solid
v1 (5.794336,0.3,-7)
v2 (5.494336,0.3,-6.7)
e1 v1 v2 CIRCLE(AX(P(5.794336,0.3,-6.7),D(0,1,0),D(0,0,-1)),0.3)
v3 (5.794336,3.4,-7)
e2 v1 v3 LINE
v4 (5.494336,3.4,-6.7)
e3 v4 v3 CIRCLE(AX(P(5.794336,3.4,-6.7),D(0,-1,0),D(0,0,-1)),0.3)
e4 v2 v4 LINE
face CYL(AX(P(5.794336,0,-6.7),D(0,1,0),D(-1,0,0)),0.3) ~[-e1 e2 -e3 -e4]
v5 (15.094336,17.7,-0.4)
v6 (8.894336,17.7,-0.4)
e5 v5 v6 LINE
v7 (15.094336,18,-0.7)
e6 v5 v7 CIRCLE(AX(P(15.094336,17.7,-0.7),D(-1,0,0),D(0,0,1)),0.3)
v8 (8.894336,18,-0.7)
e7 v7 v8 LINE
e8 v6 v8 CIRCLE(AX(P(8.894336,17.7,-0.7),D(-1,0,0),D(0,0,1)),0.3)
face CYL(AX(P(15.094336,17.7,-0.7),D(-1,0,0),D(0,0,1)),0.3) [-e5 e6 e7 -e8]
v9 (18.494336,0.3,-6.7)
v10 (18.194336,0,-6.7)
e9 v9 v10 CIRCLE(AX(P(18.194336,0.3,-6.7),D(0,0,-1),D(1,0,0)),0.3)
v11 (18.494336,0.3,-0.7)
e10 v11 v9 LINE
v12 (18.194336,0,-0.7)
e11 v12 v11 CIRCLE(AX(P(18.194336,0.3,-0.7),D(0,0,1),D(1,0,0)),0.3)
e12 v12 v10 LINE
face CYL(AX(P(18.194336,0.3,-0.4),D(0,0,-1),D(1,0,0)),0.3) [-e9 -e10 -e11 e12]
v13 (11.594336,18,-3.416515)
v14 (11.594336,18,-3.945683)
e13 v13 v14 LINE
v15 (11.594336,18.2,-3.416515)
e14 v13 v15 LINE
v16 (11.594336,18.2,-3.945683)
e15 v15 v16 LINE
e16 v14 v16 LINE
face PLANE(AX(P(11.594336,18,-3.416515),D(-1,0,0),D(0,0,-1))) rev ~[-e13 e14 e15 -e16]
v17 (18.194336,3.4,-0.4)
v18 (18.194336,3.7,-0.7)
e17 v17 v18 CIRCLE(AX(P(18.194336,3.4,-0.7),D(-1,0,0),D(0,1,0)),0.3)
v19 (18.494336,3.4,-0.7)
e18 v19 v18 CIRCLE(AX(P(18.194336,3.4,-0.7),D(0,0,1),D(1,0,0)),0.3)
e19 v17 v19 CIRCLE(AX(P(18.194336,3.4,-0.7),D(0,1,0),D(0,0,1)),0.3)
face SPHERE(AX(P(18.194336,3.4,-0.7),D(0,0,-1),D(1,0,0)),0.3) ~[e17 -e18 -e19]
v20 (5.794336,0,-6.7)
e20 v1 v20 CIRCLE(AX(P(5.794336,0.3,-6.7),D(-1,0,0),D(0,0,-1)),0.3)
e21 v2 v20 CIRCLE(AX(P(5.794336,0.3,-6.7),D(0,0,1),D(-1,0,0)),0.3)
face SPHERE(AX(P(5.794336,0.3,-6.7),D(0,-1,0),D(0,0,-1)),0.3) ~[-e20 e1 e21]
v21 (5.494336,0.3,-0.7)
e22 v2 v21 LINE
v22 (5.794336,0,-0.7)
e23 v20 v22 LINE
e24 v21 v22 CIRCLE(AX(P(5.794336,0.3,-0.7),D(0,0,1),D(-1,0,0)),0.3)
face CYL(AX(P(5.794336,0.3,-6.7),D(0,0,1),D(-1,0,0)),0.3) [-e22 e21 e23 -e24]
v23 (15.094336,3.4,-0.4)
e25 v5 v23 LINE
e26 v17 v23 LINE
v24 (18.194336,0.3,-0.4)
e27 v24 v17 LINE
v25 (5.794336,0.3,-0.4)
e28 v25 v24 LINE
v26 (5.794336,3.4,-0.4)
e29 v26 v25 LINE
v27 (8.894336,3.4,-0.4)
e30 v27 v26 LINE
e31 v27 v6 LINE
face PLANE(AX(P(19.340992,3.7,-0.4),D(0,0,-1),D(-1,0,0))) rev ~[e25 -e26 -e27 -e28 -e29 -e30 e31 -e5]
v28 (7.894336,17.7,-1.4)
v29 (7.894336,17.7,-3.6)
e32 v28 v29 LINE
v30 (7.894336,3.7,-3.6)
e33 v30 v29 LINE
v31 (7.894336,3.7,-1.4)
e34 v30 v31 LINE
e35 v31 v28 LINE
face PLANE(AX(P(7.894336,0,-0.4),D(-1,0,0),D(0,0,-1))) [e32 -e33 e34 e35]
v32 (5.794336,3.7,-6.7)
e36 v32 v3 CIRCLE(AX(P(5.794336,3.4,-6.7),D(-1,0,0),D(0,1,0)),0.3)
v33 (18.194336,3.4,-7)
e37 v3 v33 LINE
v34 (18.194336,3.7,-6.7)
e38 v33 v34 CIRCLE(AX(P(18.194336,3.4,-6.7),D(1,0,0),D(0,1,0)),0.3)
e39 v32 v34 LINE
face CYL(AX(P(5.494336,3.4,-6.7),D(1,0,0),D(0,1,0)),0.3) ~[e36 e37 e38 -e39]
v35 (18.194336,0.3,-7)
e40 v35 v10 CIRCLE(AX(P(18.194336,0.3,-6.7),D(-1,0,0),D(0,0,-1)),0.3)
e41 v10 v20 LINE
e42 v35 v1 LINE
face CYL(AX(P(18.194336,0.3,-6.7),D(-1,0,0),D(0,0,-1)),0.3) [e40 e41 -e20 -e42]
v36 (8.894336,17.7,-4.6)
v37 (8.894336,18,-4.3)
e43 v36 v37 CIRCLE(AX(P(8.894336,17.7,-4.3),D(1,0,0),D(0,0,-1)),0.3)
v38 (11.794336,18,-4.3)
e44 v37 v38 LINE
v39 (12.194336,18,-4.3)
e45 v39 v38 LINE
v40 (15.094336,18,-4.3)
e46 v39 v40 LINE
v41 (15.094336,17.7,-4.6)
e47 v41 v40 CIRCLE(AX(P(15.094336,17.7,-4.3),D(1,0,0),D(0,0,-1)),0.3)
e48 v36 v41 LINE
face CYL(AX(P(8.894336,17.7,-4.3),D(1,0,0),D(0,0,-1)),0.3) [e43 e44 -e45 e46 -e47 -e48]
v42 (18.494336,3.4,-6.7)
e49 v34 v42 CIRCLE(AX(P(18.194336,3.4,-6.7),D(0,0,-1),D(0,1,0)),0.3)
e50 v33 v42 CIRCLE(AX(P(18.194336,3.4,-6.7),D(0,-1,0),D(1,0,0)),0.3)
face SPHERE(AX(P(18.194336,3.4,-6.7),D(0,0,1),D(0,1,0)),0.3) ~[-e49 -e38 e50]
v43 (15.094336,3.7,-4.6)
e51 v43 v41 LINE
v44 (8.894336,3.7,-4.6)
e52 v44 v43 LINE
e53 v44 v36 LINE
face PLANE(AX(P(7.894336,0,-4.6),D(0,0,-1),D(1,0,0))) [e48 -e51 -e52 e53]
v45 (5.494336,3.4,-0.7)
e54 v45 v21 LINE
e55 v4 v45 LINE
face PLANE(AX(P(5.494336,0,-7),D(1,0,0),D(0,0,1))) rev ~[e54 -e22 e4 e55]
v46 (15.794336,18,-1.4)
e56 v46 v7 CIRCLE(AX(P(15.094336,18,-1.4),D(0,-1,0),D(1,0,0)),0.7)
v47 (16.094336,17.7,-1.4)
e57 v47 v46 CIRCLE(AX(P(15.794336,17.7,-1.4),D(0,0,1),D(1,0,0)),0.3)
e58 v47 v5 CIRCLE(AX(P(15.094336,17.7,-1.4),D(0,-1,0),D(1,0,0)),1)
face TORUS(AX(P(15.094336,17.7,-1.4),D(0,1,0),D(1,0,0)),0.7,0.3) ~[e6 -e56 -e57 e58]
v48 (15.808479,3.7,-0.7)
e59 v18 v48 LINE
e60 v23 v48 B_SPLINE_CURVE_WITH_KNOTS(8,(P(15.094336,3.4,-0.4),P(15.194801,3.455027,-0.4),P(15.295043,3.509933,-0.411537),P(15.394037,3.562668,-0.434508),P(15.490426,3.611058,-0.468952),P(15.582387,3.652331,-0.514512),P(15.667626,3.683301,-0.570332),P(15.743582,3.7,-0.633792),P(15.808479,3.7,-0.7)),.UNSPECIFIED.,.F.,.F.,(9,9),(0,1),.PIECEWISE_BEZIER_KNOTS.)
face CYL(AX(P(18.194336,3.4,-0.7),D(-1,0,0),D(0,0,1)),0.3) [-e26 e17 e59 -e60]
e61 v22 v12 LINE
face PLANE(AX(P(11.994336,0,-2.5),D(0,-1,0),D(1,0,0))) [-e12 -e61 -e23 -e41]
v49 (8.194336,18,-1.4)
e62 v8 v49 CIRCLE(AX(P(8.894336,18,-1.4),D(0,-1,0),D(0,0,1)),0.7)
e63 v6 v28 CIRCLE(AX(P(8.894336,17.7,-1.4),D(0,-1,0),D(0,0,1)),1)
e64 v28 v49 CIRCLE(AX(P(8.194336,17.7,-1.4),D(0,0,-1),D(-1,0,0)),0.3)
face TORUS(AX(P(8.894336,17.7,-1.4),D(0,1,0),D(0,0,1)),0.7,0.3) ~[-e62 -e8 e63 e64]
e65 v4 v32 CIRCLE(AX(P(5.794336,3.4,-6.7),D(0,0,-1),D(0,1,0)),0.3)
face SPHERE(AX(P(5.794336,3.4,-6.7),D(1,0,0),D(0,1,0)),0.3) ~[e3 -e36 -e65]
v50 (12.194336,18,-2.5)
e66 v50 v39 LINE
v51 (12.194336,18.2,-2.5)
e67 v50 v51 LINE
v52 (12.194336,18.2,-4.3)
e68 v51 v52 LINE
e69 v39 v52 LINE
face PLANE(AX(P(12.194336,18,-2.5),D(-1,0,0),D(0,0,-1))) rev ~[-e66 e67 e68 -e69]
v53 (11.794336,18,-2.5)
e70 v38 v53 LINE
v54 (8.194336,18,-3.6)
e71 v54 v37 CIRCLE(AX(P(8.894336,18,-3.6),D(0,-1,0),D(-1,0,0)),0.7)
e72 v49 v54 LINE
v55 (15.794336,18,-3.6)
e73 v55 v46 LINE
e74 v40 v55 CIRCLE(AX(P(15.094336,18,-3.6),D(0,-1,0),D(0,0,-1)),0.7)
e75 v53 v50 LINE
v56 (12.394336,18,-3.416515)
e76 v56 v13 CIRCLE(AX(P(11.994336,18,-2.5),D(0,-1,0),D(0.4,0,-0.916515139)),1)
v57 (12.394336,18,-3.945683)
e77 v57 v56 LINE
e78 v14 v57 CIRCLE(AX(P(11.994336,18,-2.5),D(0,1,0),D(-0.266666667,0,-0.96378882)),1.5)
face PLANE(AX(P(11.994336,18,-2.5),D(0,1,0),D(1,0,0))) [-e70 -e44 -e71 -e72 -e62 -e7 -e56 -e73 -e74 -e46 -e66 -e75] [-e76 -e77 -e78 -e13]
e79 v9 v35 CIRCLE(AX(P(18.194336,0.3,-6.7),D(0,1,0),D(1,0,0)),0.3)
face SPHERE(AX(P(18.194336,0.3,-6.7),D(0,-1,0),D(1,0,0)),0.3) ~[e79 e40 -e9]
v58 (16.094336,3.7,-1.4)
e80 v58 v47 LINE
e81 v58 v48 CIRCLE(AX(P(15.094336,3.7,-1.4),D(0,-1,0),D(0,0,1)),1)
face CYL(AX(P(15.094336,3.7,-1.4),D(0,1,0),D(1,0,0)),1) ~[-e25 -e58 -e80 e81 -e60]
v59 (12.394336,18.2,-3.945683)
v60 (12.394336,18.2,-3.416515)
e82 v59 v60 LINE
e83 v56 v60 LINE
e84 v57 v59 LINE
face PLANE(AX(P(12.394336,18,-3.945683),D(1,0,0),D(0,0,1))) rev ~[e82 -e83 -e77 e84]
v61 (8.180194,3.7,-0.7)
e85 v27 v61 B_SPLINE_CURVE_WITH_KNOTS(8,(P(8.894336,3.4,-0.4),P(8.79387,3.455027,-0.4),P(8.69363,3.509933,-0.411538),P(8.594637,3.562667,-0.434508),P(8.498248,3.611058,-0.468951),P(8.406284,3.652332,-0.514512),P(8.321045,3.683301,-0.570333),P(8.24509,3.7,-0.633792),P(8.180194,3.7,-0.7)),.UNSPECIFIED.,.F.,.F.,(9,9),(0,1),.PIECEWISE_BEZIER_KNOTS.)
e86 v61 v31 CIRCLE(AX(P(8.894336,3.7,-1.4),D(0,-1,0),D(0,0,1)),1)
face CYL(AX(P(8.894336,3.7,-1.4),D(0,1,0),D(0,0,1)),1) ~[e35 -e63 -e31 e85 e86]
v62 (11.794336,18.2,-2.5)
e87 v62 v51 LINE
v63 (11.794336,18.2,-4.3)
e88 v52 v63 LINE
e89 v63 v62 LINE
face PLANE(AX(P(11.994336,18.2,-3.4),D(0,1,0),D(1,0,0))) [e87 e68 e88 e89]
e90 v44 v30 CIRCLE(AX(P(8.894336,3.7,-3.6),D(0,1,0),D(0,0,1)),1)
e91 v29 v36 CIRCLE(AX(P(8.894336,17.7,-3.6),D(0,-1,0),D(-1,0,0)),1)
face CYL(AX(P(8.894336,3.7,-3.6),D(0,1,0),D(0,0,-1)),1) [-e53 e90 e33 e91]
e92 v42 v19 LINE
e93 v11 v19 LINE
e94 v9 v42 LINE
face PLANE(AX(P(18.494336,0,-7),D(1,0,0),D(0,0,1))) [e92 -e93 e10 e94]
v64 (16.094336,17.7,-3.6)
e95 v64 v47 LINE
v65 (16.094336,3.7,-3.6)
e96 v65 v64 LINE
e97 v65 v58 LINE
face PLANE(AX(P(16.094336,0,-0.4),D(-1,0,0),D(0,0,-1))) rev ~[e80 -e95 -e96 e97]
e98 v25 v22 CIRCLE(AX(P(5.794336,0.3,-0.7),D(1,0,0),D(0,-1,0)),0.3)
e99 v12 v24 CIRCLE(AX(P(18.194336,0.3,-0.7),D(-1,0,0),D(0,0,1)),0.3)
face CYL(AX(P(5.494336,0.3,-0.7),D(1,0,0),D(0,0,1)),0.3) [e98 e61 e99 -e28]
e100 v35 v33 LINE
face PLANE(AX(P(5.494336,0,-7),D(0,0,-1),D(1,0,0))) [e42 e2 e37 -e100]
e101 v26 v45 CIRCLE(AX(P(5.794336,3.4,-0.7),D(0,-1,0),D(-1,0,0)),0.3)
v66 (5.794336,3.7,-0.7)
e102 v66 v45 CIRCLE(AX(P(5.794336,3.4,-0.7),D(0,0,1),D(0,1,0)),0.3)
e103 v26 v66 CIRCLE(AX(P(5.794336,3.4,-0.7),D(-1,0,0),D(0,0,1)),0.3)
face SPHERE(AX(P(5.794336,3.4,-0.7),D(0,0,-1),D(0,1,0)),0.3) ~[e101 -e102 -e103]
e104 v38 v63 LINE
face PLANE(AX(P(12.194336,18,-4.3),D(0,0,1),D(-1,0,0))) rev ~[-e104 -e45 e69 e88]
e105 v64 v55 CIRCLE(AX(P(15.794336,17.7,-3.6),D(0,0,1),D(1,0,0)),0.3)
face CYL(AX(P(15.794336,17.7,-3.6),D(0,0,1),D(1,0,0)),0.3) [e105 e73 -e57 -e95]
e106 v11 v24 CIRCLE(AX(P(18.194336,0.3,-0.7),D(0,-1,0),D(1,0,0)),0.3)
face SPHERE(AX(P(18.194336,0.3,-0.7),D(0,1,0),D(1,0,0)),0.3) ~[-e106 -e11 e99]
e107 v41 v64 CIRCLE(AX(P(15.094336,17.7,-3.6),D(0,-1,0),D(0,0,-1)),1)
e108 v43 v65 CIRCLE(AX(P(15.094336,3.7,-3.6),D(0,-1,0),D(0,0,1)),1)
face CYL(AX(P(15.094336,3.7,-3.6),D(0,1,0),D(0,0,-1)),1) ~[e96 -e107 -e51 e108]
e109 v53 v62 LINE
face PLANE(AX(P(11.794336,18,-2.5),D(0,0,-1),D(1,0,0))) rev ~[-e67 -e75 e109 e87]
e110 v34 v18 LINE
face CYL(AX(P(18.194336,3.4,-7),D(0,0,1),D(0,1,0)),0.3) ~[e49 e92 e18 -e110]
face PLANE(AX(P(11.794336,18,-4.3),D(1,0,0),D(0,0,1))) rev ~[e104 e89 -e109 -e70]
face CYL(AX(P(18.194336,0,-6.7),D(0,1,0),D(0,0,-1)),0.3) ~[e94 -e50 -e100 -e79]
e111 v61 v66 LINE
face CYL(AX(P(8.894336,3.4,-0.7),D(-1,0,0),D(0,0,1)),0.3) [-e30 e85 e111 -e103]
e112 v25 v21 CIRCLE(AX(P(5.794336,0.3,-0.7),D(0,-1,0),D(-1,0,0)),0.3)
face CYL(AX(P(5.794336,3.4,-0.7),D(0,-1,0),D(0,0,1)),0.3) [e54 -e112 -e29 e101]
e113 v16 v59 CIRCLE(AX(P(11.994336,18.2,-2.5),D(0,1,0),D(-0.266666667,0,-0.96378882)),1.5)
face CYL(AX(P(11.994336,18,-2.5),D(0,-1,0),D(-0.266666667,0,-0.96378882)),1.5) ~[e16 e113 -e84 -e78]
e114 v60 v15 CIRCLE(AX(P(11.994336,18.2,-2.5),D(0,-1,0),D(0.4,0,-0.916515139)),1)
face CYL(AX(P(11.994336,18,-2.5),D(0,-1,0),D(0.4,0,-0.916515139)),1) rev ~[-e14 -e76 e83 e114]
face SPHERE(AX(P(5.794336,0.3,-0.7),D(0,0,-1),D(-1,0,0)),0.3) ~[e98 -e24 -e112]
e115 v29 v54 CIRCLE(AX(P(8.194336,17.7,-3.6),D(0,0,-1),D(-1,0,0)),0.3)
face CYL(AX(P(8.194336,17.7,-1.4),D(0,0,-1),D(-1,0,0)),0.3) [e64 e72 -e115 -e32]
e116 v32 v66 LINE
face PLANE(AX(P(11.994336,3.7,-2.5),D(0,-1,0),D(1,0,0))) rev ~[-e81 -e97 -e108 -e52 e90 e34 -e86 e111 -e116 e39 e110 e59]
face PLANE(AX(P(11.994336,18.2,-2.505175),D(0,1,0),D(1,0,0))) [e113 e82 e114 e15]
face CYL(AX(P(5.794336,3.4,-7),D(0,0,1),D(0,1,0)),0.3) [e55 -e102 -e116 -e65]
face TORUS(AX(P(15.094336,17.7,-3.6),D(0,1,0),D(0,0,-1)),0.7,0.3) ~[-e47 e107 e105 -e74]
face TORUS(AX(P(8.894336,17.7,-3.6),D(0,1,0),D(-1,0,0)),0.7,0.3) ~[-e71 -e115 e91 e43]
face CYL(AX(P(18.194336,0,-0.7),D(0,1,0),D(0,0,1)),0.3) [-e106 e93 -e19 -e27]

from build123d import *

# Parameters (mm, degrees)
SKETCH_1_W          = 8.2
SKETCH_1_H          = 4.2
EXTRUDE_1_DEPTH     = 18
SKETCH_2_W          = 13
SKETCH_2_H          = 9
SKETCH_2_W_2        = 8.2
SKETCH_2_H_2        = 4.2
EXTRUDE_2_DEPTH     = 3.7
FILLET_1_R          = 1
FILLET_2_R          = 0.3
EXTRUDE_3_DEPTH     = 0.2
CUT_EXTRUDE_1_DEPTH = 10
FILLET_3_R          = 0.3


with BuildPart() as part:
    # 草图1 → 凸台-拉伸1 (new body)
    with BuildSketch(Plane(origin=(0, 0, 0), x_dir=(1, 0, 0), z_dir=(0, 1, 0))):
        with Locations((11.994336416, 2.5)):
            Rectangle(SKETCH_1_W, SKETCH_1_H)
    extrude(amount=EXTRUDE_1_DEPTH)

    # 草图2 → 凸台-拉伸2 (add)
    with BuildSketch(Plane.XZ):
        with Locations((11.994336416, -2.5)):
            Rectangle(SKETCH_2_W, SKETCH_2_H)
        with Locations((11.994336416, -2.5)):
            Rectangle(SKETCH_2_W_2, SKETCH_2_H_2, mode=Mode.SUBTRACT)
    extrude(amount=-EXTRUDE_2_DEPTH)

    # 圆角1
    fillet_1_edges = [part.edges().sort_by_distance(p)[0] for p in [
        (7.894336416, 10.85, -4.6),
        (16.094336416, 10.85, -4.6),
        (16.094336416, 10.85, -0.4),
        (7.894336416, 10.85, -0.4),
    ]]
    fillet(fillet_1_edges, radius=FILLET_1_R)

    # 圆角2
    fillet_2_edges = [part.edges().sort_by_distance(p)[0] for p in [
        (11.994336416, 3.7, 2),
        (5.494336416, 1.85, 2),
        (18.494336416, 3.7, -2.5),
        (18.494336416, 1.85, 2),
        (11.994336416, 3.7, -7),
        (18.494336416, 1.85, -7),
        (5.494336416, 3.7, -2.5),
        (5.494336416, 1.85, -7),
        (11.994336416, 18, -4.6),
        (16.094336416, 18, -2.5),
        (7.894336416, 18, -2.5),
        (11.994336416, 18, -0.4),
        (8.187229635, 18, -0.692893219),
        (8.187229635, 18, -4.307106781),
        (15.801443197, 18, -0.692893219),
        (15.801443197, 18, -4.307106781),
    ]]
    fillet(fillet_2_edges, radius=FILLET_2_R)

    # 草图3 → 凸台-拉伸3 (add)
    with BuildSketch(Plane(origin=(0, 18, 0), x_dir=(1, 0, 0), z_dir=(0, 1, 0))):
        Polygon((11.994336416, 2.5), (12.194336416, 2.5), (12.194336416, 4.3), (11.794336416, 4.3), (11.794336416, 2.5), align=None)
        with BuildLine():
            Line((11.594336416, 3.416515139), (11.594336416, 3.945683229))
            ThreePointArc((11.594336416, 3.945683229), (11.994336416, 1), (12.394336416, 3.945683229))
            Line((12.394336416, 3.945683229), (12.394336416, 3.416515139))
            ThreePointArc((12.394336416, 3.416515139), (11.994336416, 1.5), (11.594336416, 3.416515139))
        make_face()
    extrude(amount=EXTRUDE_3_DEPTH)

    # 草图4 → 切除-拉伸1 (cut)
    with BuildSketch(Plane(origin=(0, 3.7, 0), x_dir=(1, 0, 0), z_dir=(0, 1, 0))):
        Polygon((11.994336416, 0.4), (4.788962203, 0.4), (4.788962203, -2.393061312), (19.340992476, -2.393061312), (19.340992476, 0.4), align=None)
    extrude(amount=-CUT_EXTRUDE_1_DEPTH, mode=Mode.SUBTRACT)

    # 圆角3
    fillet_3_edges = [part.edges().sort_by_distance(p)[0] for p in [
        (18.40646845, 3.612132034, -0.4),
        (5.494336416, 0, -3.55),
        (5.582204382, 3.612132034, -0.4),
        (5.494336416, 1.7, -0.4),
        (18.494336416, 1.7, -0.4),
        (11.994336416, 0, -0.4),
        (16.644336416, 3.7, -0.4),
        (7.344336416, 3.7, -0.4),
        (18.494336416, 0, -3.55),
        (11.994336416, 0, -7),
        (5.582204382, 0, -6.912132034),
        (18.40646845, 0, -6.912132034),
    ]]
    fillet(fillet_3_edges, radius=FILLET_3_R)


solid = part.part
